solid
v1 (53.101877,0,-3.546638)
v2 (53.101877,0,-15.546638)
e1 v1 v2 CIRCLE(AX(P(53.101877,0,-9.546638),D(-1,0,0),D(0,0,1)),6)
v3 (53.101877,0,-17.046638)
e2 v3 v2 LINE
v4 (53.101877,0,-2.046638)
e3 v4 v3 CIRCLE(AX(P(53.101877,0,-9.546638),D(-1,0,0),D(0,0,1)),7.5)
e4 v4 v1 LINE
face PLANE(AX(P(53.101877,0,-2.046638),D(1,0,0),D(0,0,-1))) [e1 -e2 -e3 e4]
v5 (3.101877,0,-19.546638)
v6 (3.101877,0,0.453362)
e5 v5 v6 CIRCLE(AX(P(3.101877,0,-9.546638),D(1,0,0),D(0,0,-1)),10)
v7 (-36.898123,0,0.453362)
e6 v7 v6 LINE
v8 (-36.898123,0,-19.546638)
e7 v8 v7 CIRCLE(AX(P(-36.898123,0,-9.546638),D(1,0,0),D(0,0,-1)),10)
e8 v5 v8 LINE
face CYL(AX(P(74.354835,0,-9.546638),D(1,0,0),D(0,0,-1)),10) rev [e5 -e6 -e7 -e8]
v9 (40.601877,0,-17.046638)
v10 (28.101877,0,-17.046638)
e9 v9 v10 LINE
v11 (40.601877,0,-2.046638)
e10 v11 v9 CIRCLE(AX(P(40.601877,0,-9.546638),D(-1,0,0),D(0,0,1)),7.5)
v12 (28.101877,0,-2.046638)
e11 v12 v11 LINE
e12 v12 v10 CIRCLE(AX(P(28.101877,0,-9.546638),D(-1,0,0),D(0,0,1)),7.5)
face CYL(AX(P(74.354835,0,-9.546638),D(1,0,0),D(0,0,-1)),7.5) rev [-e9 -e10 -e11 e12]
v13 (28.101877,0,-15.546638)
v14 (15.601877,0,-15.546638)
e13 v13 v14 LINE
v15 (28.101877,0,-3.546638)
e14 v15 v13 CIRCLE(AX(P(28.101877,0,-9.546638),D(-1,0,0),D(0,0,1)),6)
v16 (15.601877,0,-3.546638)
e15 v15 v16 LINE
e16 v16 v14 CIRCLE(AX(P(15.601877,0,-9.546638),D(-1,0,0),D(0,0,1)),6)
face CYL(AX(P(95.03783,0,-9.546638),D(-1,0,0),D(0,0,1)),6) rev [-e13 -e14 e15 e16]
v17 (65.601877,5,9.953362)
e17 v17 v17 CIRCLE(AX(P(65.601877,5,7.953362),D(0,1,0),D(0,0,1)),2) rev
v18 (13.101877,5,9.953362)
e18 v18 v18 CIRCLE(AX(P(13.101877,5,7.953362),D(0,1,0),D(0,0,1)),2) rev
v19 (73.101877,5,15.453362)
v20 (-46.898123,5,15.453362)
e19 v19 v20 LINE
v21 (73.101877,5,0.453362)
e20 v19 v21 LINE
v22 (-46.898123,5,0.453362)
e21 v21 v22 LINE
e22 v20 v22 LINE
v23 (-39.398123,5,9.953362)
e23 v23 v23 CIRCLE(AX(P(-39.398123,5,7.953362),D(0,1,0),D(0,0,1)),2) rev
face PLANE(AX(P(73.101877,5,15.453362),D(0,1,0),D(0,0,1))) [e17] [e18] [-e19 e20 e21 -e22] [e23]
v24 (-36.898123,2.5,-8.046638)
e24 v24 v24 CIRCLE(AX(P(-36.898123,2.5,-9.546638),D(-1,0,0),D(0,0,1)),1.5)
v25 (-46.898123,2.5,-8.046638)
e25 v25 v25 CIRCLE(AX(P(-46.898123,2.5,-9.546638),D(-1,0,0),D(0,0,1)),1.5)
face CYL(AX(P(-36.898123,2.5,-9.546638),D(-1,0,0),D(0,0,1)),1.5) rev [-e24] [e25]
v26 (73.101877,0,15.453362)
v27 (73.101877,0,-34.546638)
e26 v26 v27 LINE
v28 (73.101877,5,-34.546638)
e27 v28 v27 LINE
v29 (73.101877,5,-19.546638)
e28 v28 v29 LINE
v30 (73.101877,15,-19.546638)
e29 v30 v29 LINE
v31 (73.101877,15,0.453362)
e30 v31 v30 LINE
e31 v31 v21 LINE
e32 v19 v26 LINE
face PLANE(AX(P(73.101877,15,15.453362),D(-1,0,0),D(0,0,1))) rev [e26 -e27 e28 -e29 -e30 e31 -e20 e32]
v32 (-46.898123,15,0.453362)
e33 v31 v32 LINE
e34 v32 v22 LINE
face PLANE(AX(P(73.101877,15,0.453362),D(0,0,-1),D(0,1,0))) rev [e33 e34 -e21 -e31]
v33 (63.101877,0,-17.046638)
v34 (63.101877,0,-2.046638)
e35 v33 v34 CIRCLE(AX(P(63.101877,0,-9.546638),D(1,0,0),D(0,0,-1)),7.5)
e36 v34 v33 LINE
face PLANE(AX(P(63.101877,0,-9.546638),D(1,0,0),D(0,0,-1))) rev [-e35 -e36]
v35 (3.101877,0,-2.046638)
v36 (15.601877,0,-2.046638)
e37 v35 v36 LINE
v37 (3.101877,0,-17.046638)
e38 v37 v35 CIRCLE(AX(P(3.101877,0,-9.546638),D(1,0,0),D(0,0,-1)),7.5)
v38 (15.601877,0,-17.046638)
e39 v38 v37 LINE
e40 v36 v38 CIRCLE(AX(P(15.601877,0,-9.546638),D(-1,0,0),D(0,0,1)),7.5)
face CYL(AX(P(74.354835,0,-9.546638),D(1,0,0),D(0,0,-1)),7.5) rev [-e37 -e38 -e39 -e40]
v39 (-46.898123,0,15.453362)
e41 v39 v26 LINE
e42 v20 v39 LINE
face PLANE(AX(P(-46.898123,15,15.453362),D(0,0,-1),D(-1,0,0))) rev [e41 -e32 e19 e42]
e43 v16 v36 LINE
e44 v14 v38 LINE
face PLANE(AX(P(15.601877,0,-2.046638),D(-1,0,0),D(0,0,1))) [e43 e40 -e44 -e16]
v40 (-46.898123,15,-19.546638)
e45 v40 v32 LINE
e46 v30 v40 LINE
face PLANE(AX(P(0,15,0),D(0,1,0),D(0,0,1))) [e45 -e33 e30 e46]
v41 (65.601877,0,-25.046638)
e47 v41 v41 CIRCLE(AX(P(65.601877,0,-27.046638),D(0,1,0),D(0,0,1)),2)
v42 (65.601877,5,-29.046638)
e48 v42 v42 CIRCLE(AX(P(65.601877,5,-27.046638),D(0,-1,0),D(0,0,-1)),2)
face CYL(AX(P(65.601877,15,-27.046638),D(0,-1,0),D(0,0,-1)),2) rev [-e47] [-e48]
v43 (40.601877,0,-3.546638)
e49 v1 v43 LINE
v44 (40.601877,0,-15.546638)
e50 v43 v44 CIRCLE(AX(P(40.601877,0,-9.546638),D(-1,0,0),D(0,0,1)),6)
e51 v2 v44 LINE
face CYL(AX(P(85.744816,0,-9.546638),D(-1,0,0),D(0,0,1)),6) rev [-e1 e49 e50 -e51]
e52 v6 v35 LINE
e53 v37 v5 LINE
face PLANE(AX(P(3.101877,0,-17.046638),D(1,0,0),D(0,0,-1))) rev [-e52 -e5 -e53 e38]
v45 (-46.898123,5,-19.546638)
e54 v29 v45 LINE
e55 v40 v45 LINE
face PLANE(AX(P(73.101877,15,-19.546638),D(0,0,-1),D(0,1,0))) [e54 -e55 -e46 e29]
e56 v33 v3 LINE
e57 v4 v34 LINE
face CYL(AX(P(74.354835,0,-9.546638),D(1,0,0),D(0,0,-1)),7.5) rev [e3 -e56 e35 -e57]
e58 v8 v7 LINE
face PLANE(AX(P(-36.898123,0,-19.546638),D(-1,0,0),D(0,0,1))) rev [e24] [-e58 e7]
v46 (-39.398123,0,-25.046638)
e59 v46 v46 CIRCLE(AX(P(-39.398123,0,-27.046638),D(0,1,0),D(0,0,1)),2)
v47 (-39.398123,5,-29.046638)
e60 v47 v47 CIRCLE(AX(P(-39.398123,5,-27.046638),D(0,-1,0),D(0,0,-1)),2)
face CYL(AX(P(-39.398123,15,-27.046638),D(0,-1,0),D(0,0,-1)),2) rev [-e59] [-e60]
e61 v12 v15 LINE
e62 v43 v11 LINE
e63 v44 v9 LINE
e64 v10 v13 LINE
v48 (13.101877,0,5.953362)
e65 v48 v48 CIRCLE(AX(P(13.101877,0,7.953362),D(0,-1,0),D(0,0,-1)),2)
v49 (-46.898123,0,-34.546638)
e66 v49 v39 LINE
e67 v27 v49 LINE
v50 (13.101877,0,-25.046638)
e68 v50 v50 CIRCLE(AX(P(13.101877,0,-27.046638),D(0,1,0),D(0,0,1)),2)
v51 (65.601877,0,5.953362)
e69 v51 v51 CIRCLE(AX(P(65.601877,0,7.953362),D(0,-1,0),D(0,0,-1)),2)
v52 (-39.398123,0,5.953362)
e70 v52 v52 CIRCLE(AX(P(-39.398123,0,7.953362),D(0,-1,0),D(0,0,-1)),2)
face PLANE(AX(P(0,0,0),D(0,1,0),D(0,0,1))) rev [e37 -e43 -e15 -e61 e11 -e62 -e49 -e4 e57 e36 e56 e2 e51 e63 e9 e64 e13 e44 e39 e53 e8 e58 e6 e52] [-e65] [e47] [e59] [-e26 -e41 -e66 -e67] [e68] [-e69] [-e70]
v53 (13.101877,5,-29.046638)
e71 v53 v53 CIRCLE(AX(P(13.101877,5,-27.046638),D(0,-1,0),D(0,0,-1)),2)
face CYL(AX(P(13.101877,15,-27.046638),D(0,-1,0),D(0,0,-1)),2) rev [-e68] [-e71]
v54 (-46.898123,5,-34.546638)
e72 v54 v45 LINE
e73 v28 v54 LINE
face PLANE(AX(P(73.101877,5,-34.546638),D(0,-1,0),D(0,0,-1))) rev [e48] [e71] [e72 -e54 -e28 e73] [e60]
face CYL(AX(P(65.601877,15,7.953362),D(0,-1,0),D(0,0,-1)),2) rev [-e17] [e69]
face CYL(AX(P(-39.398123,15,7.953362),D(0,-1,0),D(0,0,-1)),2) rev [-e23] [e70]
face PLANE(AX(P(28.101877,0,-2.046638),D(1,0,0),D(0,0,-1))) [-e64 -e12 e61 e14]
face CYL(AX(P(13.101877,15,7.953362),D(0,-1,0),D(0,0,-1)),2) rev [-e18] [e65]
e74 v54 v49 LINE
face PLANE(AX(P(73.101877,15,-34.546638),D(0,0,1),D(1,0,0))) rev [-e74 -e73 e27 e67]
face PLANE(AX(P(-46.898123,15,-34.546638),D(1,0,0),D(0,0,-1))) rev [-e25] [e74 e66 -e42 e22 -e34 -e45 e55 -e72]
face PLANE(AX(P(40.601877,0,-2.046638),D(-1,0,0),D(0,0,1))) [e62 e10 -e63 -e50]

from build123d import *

# Parameters (mm, degrees)
SKETCH2_W                       = 120
SKETCH2_H                       = 50
BOSS_EXTRUDE1_DEPTH             = 15
SKIZZE7_R                       = 1.5
SCHNITT_LINEAR_AUSTRAGEN6_DEPTH = 10
SKIZZE10_W                      = 12.5
SKIZZE10_H                      = 1.5
ROTATION3_ANGLE                 = 180
SKIZZE11_W                      = 12.5
SKIZZE11_H                      = 1.5
ROTATION4_ANGLE                 = 180
SKIZZE12_R                      = 2
SCHNITT_LINEAR_AUSTRAGEN7_DEPTH = 83.233536557
SKIZZE13_W                      = 15
SKIZZE13_H                      = 10
SCHNITT_LINEAR_AUSTRAGEN8_DEPTH = 126.771499808


with BuildPart() as part:
    # Sketch2 → Boss-Extrude1 (new body)
    with BuildSketch(Plane(origin=(0, 0, 0), x_dir=(1, 0, 0), z_dir=(0, 1, 0))):
        with Locations((13.101876656, 9.54663752)):
            Rectangle(SKETCH2_W, SKETCH2_H)
    extrude(amount=BOSS_EXTRUDE1_DEPTH)

    # Skizze7 → Schnitt-Linear austragen6 (cut)
    with BuildSketch(Plane.ZY.offset(46.898123344)):
        with Locations((-9.54663752, 2.5)):
            Circle(SKIZZE7_R)
    extrude(amount=-SCHNITT_LINEAR_AUSTRAGEN6_DEPTH, mode=Mode.SUBTRACT)

    # Sketch3 → Schnitt-Rotation1 (revolve, cut)
    with BuildSketch(Plane(origin=(0, 0, 0), x_dir=(1, 0, 0), z_dir=(0, 1, 0))):
        Polygon((63.101876656, 9.54663752), (63.101876656, 17.04663752), (3.101876656, 17.04663752), (3.101876656, 19.54663752), (-36.898123344, 19.54663752), (-36.898123344, 9.54663752), align=None)
    revolve(axis=Axis((74.354835368, 0, -9.54663752), (-1, 0, 0)), mode=Mode.SUBTRACT)

    # Skizze10 → Rotation3 (revolve)
    with BuildSketch(Plane.XZ):
        with Locations((46.851876656, -16.29663752)):
            Rectangle(SKIZZE10_W, SKIZZE10_H)
    revolve(axis=Axis((85.744816074, 0, -9.54663752), (1, 0, 0)), revolution_arc=ROTATION3_ANGLE)

    # Skizze11 → Rotation4 (revolve)
    with BuildSketch(Plane.XZ):
        with Locations((21.851876656, -16.29663752)):
            Rectangle(SKIZZE11_W, SKIZZE11_H)
    revolve(axis=Axis((95.037830494, 0, -9.54663752), (1, 0, 0)), revolution_arc=ROTATION4_ANGLE)

    # Skizze12 → Schnitt-Linear austragen7 (cut, through all)
    with BuildSketch(Plane.XZ):
        with Locations(Location((-39.398123344, 7.95336248, 0), (0, 0, 270))):
            Circle(SKIZZE12_R)
        with Locations(Location((13.101876656, 7.95336248, 0), (0, 0, 270))):
            Circle(SKIZZE12_R)
        with Locations(Location((65.601876656, 7.95336248, 0), (0, 0, 270))):
            Circle(SKIZZE12_R)
    schnitt_linear_austragen7 = extrude(amount=-SCHNITT_LINEAR_AUSTRAGEN7_DEPTH, mode=Mode.SUBTRACT)

    # Spiegeln1: Schnitt-Linear austragen7 across plane
    add(schnitt_linear_austragen7.mirror(Plane.XY.offset(-9.54663752)), mode=Mode.SUBTRACT)

    # Skizze13 → Schnitt-Linear austragen8 (cut, through all)
    with BuildSketch(Plane.ZY.offset(46.898123344)):
        with Locations((7.95336248, 10)):
            Rectangle(SKIZZE13_W, SKIZZE13_H)
        with Locations((-27.04663752, 10)):
            Rectangle(SKIZZE13_W, SKIZZE13_H)
    extrude(amount=-SCHNITT_LINEAR_AUSTRAGEN8_DEPTH, mode=Mode.SUBTRACT)


solid = part.part
